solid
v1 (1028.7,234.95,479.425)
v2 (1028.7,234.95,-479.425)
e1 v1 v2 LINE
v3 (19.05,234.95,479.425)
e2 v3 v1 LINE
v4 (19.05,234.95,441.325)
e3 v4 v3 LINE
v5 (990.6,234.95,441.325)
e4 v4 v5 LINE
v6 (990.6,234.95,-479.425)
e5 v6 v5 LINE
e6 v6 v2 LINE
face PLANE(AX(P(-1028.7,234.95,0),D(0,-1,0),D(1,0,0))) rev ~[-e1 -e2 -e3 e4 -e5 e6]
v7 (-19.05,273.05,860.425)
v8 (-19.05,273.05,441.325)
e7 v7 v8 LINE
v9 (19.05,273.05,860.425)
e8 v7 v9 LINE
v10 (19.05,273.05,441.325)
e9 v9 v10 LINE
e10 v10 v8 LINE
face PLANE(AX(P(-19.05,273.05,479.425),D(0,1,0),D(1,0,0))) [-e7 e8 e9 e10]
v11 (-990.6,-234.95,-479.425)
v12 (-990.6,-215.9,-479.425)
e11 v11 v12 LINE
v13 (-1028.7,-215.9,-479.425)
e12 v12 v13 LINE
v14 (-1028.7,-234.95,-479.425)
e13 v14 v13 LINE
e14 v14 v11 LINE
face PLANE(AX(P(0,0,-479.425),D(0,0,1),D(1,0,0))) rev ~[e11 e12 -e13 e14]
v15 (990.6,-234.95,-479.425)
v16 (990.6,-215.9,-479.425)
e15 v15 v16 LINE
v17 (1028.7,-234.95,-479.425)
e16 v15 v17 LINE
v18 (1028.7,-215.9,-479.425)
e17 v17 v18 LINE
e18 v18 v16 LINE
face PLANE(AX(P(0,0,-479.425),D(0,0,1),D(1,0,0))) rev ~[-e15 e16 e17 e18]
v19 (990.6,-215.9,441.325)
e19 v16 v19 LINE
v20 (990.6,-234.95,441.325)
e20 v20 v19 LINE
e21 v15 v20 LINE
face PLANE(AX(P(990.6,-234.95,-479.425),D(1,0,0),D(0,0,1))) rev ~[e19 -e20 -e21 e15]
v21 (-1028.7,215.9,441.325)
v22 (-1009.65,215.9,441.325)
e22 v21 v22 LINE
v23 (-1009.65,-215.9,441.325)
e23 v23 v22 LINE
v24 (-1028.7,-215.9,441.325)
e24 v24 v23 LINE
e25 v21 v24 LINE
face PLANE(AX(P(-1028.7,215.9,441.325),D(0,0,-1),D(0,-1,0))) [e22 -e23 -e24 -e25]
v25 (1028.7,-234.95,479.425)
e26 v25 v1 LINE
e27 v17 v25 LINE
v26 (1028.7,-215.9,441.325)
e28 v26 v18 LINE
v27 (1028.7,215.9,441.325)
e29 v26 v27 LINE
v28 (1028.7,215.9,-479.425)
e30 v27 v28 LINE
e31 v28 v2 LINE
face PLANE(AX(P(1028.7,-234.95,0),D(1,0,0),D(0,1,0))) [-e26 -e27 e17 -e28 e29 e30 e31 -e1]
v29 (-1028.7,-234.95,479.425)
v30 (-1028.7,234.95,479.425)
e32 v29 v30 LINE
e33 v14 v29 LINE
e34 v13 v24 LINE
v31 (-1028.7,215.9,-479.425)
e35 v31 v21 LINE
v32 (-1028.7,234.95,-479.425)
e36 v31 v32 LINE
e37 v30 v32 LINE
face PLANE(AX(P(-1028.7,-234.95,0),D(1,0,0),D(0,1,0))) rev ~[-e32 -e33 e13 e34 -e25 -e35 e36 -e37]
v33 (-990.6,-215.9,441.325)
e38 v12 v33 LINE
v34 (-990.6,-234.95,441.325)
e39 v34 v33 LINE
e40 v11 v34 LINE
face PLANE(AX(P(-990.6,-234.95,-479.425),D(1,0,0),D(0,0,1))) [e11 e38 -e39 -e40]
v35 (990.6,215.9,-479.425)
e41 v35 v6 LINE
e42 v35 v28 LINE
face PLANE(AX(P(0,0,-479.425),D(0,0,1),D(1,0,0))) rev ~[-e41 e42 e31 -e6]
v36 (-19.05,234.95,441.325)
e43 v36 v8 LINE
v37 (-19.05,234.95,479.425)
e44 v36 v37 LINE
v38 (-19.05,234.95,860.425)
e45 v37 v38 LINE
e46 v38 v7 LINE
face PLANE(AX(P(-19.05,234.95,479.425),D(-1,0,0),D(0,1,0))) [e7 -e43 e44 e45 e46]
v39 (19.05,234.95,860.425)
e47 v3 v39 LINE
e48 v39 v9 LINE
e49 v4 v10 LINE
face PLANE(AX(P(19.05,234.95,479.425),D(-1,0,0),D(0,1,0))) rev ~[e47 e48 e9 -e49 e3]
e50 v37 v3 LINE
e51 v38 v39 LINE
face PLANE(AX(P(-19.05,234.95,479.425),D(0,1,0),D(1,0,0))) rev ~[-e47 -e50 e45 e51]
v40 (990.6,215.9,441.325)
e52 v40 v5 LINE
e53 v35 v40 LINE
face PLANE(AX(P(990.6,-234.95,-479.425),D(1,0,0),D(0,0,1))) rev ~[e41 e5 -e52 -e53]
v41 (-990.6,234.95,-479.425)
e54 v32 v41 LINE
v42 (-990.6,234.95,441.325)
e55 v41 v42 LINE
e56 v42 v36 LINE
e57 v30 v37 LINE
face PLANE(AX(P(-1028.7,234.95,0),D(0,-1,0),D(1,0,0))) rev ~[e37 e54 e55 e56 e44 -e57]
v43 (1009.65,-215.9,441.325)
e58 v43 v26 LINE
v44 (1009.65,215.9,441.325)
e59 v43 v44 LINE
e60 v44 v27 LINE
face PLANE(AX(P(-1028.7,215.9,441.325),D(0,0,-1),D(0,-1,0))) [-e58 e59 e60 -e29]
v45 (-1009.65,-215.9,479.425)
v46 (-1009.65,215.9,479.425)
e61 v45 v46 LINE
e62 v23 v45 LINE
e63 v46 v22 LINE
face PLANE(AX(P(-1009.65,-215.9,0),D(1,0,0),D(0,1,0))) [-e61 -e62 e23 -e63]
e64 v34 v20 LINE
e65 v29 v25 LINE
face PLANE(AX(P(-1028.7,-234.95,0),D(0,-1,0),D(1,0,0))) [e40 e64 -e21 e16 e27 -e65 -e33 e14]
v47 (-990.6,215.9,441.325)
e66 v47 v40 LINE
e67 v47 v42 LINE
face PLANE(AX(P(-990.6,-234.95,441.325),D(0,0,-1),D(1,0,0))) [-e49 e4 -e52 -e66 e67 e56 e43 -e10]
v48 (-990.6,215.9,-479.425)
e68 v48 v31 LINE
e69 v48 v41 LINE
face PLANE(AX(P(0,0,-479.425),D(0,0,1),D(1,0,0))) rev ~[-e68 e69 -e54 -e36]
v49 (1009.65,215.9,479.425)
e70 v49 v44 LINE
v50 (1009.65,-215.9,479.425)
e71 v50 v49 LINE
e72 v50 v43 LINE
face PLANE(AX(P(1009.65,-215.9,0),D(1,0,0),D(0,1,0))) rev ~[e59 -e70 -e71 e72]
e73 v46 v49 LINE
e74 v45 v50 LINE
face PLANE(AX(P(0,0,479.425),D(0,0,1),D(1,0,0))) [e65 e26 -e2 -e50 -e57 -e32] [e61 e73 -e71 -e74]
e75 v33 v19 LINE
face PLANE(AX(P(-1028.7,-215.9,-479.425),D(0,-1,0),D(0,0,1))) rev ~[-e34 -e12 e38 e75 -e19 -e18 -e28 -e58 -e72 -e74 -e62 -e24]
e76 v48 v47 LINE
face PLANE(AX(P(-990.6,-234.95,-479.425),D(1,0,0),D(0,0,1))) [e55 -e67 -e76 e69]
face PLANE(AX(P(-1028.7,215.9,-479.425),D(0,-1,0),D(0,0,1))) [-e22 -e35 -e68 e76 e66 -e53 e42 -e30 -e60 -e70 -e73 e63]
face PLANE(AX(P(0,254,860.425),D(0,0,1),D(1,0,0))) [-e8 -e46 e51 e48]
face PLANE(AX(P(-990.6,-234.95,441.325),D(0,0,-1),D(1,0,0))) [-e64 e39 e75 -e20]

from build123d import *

# Parameters (mm, degrees)
F0_W     = 2057.4
F0_H     = 469.9
F0_W_2   = 2019.3
F0_H_2   = 431.8
F1_DEPTH = 479.425
F2_W     = 1981.2
F2_H     = 920.75
F3_DEPTH = 469.901
F4_W     = 431.8
F4_H     = 920.75
F5_DEPTH = 2057.401
F6_W     = 38.1
F6_H     = 38.1
F7_DEPTH = 38.1
F8_W     = 38.1
F8_H     = 38.1
F9_DEPTH = 381


with BuildPart() as f1:
    # F0 (on Top) → F1 (new body, symmetric)
    with BuildSketch(Plane.XY):
        Rectangle(F0_W, F0_H)
        Rectangle(F0_W_2, F0_H_2, mode=Mode.SUBTRACT)
    extrude(amount=F1_DEPTH, both=True)

    # F2 (on face) → F3 (cut, through all)
    with BuildSketch(Plane.XZ.offset(234.95)):
        with Locations((0, -19.05)):
            Rectangle(F2_W, F2_H)
    extrude(amount=-F3_DEPTH, mode=Mode.SUBTRACT)

    # F4 (on face) → F5 (cut, through all)
    with BuildSketch(Plane(origin=(-1028.7, 0, 0), x_dir=(0, -1, 0), z_dir=(-1, 0, 0))):
        with Locations((0, -19.05)):
            Rectangle(F4_W, F4_H)
    extrude(amount=-F5_DEPTH, mode=Mode.SUBTRACT)

    # F6 (on face) → F7 (join)
    with BuildSketch(Plane(origin=(0, 234.95, 0), x_dir=(-1, 0, 0), z_dir=(0, 1, 0))):
        with Locations((0, 460.375)):
            Rectangle(F6_W, F6_H)
    extrude(amount=F7_DEPTH)

    # F8 (on face) → F9 (join)
    with BuildSketch(Plane.XY.offset(479.425)):
        with Locations((0, 254)):
            Rectangle(F8_W, F8_H)
    extrude(amount=F9_DEPTH)


solid = f1.part
